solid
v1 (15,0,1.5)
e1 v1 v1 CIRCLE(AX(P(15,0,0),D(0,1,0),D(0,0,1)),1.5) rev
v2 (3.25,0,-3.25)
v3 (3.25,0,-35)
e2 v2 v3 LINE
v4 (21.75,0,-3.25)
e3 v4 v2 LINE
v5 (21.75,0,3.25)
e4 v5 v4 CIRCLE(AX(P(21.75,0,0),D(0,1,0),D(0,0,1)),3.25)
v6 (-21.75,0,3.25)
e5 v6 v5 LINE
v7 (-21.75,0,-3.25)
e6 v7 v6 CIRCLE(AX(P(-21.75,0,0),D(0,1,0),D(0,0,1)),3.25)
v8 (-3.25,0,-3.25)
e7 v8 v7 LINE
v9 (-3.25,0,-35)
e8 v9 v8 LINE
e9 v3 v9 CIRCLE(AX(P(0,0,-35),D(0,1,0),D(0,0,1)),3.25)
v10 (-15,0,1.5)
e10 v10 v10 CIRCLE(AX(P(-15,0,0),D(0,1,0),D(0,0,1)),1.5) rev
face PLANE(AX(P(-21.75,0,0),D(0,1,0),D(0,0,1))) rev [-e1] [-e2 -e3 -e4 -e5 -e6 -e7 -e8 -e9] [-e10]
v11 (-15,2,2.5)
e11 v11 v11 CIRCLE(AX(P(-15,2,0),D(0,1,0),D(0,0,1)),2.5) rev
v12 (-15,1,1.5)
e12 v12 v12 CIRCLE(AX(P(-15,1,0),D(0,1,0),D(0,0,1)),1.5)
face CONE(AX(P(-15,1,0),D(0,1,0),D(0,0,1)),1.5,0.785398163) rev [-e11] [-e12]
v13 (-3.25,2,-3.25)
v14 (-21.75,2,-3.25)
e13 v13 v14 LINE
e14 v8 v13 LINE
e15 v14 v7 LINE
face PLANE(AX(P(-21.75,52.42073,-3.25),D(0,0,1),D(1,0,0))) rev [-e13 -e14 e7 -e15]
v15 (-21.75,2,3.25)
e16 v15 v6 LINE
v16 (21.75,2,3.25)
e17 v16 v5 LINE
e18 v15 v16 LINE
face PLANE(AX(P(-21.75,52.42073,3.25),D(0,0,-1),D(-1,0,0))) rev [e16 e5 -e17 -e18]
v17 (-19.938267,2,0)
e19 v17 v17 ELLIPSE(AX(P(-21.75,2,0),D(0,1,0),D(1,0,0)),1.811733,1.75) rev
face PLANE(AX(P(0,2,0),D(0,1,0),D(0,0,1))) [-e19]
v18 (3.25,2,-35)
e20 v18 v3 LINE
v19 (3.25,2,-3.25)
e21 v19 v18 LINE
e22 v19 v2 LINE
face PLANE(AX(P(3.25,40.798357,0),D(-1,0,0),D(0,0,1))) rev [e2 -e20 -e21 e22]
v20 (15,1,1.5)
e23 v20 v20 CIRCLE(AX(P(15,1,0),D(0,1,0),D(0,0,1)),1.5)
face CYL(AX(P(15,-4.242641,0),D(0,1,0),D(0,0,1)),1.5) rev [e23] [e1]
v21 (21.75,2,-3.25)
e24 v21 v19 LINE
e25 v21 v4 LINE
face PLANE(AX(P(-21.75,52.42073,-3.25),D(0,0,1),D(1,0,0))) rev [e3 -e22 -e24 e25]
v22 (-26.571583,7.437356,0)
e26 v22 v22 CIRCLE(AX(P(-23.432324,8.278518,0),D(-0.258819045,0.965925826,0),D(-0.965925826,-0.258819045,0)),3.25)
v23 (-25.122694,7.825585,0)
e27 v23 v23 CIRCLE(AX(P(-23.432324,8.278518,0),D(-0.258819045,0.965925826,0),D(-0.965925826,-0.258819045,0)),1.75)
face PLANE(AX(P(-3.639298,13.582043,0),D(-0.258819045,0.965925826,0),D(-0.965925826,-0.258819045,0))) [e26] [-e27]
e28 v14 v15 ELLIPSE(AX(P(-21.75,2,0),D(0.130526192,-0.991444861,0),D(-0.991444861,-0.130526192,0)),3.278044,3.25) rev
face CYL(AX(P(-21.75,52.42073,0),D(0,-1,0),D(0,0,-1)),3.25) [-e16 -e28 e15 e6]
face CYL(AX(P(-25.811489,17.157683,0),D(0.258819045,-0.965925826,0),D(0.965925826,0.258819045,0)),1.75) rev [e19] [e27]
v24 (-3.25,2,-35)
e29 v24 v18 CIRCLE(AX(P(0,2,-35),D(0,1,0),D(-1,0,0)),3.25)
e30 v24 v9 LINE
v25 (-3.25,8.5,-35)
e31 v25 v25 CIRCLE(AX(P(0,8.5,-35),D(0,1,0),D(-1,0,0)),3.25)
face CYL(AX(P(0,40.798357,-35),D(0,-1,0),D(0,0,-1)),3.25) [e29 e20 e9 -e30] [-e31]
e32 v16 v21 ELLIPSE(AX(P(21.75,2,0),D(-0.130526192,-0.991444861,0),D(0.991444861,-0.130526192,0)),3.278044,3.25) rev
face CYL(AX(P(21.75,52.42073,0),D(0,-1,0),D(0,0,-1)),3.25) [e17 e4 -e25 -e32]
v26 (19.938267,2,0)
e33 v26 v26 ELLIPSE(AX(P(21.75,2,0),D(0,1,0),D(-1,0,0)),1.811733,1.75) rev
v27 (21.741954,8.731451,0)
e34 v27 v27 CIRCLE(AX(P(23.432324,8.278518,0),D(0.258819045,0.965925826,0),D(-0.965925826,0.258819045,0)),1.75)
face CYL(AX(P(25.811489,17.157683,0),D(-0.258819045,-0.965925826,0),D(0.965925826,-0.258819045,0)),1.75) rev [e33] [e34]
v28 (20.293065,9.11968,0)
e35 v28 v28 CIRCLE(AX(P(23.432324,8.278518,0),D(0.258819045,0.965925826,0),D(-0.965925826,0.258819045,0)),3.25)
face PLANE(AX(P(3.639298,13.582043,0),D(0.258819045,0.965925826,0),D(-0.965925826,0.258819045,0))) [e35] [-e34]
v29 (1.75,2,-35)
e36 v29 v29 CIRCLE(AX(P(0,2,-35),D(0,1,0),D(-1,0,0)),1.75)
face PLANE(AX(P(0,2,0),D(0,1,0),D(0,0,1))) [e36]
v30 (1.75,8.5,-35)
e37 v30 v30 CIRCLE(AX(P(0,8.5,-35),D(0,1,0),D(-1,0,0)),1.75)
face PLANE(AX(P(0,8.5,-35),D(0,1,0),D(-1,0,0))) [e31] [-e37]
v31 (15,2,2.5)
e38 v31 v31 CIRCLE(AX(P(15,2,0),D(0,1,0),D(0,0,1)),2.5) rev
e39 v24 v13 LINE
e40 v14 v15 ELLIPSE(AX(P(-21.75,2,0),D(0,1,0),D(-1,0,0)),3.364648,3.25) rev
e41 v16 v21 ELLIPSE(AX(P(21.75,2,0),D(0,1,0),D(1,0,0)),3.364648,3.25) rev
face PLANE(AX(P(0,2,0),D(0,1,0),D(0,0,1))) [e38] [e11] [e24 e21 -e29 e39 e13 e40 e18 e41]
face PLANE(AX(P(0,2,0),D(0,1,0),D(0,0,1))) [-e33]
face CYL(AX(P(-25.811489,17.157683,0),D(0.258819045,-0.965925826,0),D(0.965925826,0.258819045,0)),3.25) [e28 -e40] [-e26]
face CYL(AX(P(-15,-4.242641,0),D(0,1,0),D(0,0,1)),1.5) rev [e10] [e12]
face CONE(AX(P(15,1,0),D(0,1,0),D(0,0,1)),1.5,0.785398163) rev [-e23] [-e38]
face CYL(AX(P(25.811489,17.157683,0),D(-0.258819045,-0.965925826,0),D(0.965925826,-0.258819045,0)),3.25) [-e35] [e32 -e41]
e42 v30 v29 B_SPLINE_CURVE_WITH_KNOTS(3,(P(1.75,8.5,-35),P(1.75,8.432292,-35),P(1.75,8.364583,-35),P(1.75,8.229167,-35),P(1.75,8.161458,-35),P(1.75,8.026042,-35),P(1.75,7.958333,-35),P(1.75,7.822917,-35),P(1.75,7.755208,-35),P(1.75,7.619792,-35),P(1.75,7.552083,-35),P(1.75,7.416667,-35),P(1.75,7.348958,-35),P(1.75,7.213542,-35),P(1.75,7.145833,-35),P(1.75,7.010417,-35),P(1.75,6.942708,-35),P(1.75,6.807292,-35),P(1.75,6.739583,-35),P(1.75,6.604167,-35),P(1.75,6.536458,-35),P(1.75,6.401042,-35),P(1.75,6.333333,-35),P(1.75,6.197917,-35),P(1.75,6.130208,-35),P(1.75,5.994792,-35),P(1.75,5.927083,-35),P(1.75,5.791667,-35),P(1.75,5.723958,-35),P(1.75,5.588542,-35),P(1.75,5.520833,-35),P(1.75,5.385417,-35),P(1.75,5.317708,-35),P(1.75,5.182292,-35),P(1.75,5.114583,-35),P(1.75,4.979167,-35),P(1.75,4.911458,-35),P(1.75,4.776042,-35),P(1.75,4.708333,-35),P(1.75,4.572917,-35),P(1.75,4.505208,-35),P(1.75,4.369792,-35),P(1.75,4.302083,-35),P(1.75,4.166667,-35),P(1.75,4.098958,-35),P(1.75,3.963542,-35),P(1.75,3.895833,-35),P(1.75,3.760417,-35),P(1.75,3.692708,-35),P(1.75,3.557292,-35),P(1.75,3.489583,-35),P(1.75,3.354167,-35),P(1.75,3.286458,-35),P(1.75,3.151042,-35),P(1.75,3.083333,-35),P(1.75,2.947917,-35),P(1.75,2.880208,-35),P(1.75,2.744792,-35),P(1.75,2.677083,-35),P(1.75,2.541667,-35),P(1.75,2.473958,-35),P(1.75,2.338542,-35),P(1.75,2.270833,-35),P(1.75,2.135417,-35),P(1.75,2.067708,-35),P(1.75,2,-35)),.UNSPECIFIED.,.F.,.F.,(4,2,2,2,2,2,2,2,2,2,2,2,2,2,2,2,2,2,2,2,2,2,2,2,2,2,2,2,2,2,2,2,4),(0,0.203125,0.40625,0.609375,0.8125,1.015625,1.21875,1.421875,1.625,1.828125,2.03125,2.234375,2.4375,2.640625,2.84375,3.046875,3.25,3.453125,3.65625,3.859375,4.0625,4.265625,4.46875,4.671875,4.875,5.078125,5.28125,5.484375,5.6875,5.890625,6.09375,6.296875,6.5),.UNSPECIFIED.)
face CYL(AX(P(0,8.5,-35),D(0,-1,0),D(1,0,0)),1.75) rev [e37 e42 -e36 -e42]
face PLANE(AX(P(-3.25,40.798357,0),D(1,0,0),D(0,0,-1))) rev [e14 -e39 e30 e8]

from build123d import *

# Parameters (mm, degrees)
BOSS_EXTRUDE1_DEPTH = 2
BOSS_EXTRUDE4_DEPTH = 2
SKETCH6_R           = 3.25
SKETCH6_R_2         = 1.75
BOSS_EXTRUDE5_DEPTH = 6.5
BOSS_EXTRUDE2_START = -0.870835
SKETCH2_R           = 3.25
SKETCH2_R_2         = 1.75
BOSS_EXTRUDE2_DEPTH = 7.370835
BOSS_EXTRUDE3_START = -0.870835
SKETCH3_R           = 3.25
SKETCH3_R_2         = 1.75
BOSS_EXTRUDE3_DEPTH = 7.370835
SKETCH4_R           = 1.5
CUT_EXTRUDE1_DEPTH  = 2
CHAMFER1_SIZE       = 1


with BuildPart() as part:
    # Sketch1 → Boss-Extrude1 (new body)
    with BuildSketch(Plane(origin=(0, 0, 0), x_dir=(1, 0, 0), z_dir=(0, 1, 0))):
        with BuildLine():
            Line((-21.75, 3.25), (21.75, 3.25))
            ThreePointArc((21.75, 3.25), (25, 0), (21.75, -3.25))
            Line((21.75, -3.25), (-21.75, -3.25))
            ThreePointArc((-21.75, -3.25), (-25, 0), (-21.75, 3.25))
        make_face()
    extrude(amount=BOSS_EXTRUDE1_DEPTH)

    # Sketch5 → Boss-Extrude4 (add)
    with BuildSketch(Plane(origin=(0, 0, 0), x_dir=(1, 0, 0), z_dir=(0, 1, 0))):
        with BuildLine():
            Line((-3.25, 0), (3.25, 0))
            Line((3.25, 0), (3.25, 35))
            ThreePointArc((3.25, 35), (0, 38.25), (-3.25, 35))
            Line((-3.25, 35), (-3.25, 0))
        make_face()
    extrude(amount=BOSS_EXTRUDE4_DEPTH)

    # Sketch6 → Boss-Extrude5 (add)
    with BuildSketch(Plane(origin=(0, 2, 0), x_dir=(1, 0, 0), z_dir=(0, 1, 0))):
        with Locations(Location((0, 35, 0), (0, 0, 180))):
            Circle(SKETCH6_R)
        with Locations((0, 35)):
            Circle(SKETCH6_R_2, mode=Mode.SUBTRACT)
    extrude(amount=BOSS_EXTRUDE5_DEPTH)

    # Sketch2 → Boss-Extrude2 (add)
    with BuildSketch(Plane(origin=(-1.956973734, 7.303525404, 0), x_dir=(0, 0, -1), z_dir=(-0.25881904510252135, 0.9659258262890681, 0)).offset(BOSS_EXTRUDE2_START)):
        with Locations((0, 20.491248632)):
            Circle(SKETCH2_R)
        with Locations(Location((0, 20.491248632, 0), (0, 0, 270))):
            Circle(SKETCH2_R_2, mode=Mode.SUBTRACT)
    extrude(amount=BOSS_EXTRUDE2_DEPTH)

    # Sketch3 → Boss-Extrude3 (add)
    with BuildSketch(Plane(origin=(1.956973734, 7.303525404, 0), x_dir=(0, 0, -1), z_dir=(0.25881904510252135, 0.9659258262890681, 0)).offset(BOSS_EXTRUDE3_START)):
        with Locations((0, -20.491248632)):
            Circle(SKETCH3_R)
        with Locations(Location((0, -20.491248632, 0), (0, 0, 90))):
            Circle(SKETCH3_R_2, mode=Mode.SUBTRACT)
    extrude(amount=BOSS_EXTRUDE3_DEPTH)

    # Sketch4 → Cut-Extrude1 (cut)
    with BuildSketch(Plane(origin=(0, 2, 0), x_dir=(1, 0, 0), z_dir=(0, 1, 0))):
        with Locations(Location((-15, 0, 0), (0, 0, 270))):
            Circle(SKETCH4_R)
        with Locations(Location((15, 0, 0), (0, 0, 270))):
            Circle(SKETCH4_R)
    extrude(amount=-CUT_EXTRUDE1_DEPTH, mode=Mode.SUBTRACT)

    # Chamfer1
    chamfer1_edges = [part.edges().sort_by_distance(p)[0] for p in [
        (-15, 2, -1.5),
        (15, 2, -1.5),
    ]]
    chamfer(chamfer1_edges, length=CHAMFER1_SIZE)


solid = part.part
